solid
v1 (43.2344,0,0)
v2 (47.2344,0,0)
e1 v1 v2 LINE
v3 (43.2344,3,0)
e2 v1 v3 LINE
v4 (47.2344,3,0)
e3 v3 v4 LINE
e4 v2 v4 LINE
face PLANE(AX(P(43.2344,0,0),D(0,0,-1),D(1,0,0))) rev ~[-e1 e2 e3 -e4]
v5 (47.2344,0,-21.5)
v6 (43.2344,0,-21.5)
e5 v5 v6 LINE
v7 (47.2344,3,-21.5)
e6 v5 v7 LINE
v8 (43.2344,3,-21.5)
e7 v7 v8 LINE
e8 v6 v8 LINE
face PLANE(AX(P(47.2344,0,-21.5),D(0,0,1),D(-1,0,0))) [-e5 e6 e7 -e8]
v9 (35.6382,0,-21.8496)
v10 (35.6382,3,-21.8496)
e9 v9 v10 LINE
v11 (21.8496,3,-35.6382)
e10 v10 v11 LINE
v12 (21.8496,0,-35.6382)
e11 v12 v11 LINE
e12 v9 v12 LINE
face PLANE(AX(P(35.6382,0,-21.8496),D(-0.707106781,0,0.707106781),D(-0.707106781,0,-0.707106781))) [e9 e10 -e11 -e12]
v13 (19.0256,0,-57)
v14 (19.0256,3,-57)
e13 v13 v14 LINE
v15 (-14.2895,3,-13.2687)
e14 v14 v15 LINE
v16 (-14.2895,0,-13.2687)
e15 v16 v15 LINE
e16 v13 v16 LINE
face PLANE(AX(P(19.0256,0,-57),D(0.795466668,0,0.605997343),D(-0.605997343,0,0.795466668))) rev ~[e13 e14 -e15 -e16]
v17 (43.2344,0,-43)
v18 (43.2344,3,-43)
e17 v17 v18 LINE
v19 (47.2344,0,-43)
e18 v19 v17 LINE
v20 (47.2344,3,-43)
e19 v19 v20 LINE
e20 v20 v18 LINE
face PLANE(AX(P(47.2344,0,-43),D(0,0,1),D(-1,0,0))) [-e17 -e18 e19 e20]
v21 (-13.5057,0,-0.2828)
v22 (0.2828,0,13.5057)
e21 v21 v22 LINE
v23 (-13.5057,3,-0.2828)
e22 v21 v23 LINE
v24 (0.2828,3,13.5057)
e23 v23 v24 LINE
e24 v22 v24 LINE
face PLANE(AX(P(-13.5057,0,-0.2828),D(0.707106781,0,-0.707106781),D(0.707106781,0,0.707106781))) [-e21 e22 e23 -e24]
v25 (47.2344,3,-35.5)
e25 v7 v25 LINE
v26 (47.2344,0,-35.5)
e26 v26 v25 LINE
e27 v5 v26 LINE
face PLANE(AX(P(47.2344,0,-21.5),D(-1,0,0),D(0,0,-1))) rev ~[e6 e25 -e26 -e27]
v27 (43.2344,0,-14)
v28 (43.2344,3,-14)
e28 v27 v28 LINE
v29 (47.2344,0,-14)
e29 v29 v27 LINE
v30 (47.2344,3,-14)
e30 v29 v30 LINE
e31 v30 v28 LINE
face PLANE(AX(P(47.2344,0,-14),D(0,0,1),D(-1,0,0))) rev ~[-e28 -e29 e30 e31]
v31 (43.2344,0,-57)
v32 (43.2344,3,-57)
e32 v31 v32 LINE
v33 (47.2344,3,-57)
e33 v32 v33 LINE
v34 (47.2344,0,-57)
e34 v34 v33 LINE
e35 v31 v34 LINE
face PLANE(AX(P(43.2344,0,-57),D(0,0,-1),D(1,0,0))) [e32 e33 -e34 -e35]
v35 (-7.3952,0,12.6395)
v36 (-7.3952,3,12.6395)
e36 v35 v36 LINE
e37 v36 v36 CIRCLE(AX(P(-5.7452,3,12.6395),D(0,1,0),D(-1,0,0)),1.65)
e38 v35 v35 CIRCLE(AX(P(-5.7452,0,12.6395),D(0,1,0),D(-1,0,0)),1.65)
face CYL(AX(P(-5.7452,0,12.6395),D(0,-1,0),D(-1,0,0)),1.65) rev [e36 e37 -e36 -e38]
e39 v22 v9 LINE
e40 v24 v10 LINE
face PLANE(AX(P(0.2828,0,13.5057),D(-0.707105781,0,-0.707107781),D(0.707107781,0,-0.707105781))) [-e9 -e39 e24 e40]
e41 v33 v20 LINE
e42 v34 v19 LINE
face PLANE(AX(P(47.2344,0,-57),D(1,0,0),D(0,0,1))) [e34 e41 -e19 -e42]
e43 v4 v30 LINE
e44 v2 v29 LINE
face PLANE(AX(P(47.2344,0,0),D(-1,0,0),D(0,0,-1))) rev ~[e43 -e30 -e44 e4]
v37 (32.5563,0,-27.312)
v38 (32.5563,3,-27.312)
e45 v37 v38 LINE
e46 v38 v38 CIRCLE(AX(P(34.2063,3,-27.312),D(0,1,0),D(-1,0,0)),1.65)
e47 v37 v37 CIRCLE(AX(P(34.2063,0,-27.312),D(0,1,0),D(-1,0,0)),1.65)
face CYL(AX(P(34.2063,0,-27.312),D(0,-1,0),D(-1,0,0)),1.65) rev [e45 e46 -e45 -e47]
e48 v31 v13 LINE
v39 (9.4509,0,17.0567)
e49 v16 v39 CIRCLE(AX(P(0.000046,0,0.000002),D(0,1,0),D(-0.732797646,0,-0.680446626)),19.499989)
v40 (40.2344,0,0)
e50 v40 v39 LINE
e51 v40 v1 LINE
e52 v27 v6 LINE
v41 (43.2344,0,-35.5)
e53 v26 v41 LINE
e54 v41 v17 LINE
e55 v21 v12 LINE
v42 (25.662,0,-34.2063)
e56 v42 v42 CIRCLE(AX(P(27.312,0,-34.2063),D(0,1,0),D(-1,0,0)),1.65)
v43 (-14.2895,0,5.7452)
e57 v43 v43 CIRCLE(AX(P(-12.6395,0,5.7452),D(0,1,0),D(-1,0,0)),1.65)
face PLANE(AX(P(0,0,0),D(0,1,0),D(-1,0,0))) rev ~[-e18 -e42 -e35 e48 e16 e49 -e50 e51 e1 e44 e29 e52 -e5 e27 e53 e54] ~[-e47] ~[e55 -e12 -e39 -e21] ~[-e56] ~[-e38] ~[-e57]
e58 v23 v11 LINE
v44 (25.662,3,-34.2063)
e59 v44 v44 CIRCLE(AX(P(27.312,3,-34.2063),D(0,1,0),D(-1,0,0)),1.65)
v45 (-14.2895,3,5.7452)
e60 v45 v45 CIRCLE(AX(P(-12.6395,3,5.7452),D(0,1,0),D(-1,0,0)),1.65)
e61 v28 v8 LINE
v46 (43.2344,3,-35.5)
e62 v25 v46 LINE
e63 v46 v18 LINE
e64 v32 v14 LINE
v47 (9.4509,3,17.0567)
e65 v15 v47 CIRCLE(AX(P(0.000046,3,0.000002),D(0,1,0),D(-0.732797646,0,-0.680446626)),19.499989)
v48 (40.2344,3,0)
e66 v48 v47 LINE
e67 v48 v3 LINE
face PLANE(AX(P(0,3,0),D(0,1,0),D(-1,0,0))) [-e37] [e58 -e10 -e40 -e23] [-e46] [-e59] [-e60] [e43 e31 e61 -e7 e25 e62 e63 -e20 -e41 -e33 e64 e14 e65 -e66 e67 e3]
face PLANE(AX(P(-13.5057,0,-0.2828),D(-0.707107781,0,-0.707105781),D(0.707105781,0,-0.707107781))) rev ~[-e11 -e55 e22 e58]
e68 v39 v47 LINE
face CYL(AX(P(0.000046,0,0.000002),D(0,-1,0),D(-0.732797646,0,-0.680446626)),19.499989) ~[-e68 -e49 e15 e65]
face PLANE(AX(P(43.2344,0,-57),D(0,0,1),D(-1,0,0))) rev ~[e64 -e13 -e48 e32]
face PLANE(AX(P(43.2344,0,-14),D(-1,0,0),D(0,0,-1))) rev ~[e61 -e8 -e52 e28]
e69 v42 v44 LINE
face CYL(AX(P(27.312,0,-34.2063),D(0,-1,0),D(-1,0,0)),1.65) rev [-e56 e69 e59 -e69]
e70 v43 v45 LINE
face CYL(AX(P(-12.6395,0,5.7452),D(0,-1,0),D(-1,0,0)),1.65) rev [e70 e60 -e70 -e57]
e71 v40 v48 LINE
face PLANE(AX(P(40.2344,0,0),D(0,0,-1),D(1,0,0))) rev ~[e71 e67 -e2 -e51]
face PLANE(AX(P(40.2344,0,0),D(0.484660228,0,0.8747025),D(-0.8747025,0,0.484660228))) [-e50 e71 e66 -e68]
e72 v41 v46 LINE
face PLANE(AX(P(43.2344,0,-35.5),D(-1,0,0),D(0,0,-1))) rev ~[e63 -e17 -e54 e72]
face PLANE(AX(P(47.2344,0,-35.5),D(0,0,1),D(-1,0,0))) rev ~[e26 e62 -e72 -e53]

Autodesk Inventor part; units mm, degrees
ref_plane "YZ Plane" through (0, 0, 0) normal (1, 0, 0) x (0, 1, 0)
ref_plane "XZ Plane" through (0, 0, 0) normal (0, 1, 0) x (-1, 0, 0)
ref_plane "XY Plane" through (0, 0, 0) normal (0, 0, 1) x (1, 0, 0)
sketch "Boceto1" plane through (0, 0, 0) normal (0, 1, 0) x (-1, 0, 0)
  line L0 (13.5057, -0.2828) -> (-21.8496, -35.6382)
  line L1 (13.5057, -0.2828) -> (-0.2828, 13.5057)
  line L2 (-0.2828, 13.5057) -> (-35.6382, -21.8496)
  line L3 (-35.6382, -21.8496) -> (-21.8496, -35.6382)
  circle A0 centre (12.6395, 5.7452) radius 1.65
  circle A1 centre (5.7452, 12.6395) radius 1.65
  circle A2 centre (-27.312, -34.2063) radius 1.65
  circle A3 centre (-34.2063, -27.312) radius 1.65
  arc A4 (14.2895, -13.2687) -> (-9.4509, 17.0567) centre (0, 0) ccw
  line L4 (-40.2344, 0) -> (-9.4509, 17.0567)
  line L5 (-40.2344, 0) -> (-43.2344, 0)
  line L6 (-19.0256, -57) -> (14.2895, -13.2687)
  line L7 (-43.2344, -57) -> (-19.0256, -57)
  line L8 (-43.2344, 0) -> (-47.2344, 0)
  line L9 (-47.2344, 0) -> (-47.2344, -14)
  line L10 (-47.2344, -14) -> (-43.2344, -14)
  line L11 (-43.2344, -57) -> (-47.2344, -57)
  line L12 (-47.2344, -57) -> (-47.2344, -43)
  line L13 (-47.2344, -43) -> (-43.2344, -43)
  line L14 (-47.2344, -21.5) -> (-43.2344, -21.5)
  line L15 (-47.2344, -21.5) -> (-47.2344, -35.5)
  line L16 (-47.2344, -35.5) -> (-43.2344, -35.5)
  line L17 (-43.2344, -14) -> (-43.2344, -21.5)
  line L18 (-43.2344, -35.5) -> (-43.2344, -43)
  dimension "d17" = 3
  dimension "d21" = 14
  dimension "d22" = 14
  dimension "d25" = 14
  dimension "d109" = 7.5
  dimension "d110" = 7.5
  dimension "d111" = 4
  dimension "d112" = 57
extrude "Extrusión1" add sketch "Boceto1" along normal blind 3
properties part number "planos robot"
